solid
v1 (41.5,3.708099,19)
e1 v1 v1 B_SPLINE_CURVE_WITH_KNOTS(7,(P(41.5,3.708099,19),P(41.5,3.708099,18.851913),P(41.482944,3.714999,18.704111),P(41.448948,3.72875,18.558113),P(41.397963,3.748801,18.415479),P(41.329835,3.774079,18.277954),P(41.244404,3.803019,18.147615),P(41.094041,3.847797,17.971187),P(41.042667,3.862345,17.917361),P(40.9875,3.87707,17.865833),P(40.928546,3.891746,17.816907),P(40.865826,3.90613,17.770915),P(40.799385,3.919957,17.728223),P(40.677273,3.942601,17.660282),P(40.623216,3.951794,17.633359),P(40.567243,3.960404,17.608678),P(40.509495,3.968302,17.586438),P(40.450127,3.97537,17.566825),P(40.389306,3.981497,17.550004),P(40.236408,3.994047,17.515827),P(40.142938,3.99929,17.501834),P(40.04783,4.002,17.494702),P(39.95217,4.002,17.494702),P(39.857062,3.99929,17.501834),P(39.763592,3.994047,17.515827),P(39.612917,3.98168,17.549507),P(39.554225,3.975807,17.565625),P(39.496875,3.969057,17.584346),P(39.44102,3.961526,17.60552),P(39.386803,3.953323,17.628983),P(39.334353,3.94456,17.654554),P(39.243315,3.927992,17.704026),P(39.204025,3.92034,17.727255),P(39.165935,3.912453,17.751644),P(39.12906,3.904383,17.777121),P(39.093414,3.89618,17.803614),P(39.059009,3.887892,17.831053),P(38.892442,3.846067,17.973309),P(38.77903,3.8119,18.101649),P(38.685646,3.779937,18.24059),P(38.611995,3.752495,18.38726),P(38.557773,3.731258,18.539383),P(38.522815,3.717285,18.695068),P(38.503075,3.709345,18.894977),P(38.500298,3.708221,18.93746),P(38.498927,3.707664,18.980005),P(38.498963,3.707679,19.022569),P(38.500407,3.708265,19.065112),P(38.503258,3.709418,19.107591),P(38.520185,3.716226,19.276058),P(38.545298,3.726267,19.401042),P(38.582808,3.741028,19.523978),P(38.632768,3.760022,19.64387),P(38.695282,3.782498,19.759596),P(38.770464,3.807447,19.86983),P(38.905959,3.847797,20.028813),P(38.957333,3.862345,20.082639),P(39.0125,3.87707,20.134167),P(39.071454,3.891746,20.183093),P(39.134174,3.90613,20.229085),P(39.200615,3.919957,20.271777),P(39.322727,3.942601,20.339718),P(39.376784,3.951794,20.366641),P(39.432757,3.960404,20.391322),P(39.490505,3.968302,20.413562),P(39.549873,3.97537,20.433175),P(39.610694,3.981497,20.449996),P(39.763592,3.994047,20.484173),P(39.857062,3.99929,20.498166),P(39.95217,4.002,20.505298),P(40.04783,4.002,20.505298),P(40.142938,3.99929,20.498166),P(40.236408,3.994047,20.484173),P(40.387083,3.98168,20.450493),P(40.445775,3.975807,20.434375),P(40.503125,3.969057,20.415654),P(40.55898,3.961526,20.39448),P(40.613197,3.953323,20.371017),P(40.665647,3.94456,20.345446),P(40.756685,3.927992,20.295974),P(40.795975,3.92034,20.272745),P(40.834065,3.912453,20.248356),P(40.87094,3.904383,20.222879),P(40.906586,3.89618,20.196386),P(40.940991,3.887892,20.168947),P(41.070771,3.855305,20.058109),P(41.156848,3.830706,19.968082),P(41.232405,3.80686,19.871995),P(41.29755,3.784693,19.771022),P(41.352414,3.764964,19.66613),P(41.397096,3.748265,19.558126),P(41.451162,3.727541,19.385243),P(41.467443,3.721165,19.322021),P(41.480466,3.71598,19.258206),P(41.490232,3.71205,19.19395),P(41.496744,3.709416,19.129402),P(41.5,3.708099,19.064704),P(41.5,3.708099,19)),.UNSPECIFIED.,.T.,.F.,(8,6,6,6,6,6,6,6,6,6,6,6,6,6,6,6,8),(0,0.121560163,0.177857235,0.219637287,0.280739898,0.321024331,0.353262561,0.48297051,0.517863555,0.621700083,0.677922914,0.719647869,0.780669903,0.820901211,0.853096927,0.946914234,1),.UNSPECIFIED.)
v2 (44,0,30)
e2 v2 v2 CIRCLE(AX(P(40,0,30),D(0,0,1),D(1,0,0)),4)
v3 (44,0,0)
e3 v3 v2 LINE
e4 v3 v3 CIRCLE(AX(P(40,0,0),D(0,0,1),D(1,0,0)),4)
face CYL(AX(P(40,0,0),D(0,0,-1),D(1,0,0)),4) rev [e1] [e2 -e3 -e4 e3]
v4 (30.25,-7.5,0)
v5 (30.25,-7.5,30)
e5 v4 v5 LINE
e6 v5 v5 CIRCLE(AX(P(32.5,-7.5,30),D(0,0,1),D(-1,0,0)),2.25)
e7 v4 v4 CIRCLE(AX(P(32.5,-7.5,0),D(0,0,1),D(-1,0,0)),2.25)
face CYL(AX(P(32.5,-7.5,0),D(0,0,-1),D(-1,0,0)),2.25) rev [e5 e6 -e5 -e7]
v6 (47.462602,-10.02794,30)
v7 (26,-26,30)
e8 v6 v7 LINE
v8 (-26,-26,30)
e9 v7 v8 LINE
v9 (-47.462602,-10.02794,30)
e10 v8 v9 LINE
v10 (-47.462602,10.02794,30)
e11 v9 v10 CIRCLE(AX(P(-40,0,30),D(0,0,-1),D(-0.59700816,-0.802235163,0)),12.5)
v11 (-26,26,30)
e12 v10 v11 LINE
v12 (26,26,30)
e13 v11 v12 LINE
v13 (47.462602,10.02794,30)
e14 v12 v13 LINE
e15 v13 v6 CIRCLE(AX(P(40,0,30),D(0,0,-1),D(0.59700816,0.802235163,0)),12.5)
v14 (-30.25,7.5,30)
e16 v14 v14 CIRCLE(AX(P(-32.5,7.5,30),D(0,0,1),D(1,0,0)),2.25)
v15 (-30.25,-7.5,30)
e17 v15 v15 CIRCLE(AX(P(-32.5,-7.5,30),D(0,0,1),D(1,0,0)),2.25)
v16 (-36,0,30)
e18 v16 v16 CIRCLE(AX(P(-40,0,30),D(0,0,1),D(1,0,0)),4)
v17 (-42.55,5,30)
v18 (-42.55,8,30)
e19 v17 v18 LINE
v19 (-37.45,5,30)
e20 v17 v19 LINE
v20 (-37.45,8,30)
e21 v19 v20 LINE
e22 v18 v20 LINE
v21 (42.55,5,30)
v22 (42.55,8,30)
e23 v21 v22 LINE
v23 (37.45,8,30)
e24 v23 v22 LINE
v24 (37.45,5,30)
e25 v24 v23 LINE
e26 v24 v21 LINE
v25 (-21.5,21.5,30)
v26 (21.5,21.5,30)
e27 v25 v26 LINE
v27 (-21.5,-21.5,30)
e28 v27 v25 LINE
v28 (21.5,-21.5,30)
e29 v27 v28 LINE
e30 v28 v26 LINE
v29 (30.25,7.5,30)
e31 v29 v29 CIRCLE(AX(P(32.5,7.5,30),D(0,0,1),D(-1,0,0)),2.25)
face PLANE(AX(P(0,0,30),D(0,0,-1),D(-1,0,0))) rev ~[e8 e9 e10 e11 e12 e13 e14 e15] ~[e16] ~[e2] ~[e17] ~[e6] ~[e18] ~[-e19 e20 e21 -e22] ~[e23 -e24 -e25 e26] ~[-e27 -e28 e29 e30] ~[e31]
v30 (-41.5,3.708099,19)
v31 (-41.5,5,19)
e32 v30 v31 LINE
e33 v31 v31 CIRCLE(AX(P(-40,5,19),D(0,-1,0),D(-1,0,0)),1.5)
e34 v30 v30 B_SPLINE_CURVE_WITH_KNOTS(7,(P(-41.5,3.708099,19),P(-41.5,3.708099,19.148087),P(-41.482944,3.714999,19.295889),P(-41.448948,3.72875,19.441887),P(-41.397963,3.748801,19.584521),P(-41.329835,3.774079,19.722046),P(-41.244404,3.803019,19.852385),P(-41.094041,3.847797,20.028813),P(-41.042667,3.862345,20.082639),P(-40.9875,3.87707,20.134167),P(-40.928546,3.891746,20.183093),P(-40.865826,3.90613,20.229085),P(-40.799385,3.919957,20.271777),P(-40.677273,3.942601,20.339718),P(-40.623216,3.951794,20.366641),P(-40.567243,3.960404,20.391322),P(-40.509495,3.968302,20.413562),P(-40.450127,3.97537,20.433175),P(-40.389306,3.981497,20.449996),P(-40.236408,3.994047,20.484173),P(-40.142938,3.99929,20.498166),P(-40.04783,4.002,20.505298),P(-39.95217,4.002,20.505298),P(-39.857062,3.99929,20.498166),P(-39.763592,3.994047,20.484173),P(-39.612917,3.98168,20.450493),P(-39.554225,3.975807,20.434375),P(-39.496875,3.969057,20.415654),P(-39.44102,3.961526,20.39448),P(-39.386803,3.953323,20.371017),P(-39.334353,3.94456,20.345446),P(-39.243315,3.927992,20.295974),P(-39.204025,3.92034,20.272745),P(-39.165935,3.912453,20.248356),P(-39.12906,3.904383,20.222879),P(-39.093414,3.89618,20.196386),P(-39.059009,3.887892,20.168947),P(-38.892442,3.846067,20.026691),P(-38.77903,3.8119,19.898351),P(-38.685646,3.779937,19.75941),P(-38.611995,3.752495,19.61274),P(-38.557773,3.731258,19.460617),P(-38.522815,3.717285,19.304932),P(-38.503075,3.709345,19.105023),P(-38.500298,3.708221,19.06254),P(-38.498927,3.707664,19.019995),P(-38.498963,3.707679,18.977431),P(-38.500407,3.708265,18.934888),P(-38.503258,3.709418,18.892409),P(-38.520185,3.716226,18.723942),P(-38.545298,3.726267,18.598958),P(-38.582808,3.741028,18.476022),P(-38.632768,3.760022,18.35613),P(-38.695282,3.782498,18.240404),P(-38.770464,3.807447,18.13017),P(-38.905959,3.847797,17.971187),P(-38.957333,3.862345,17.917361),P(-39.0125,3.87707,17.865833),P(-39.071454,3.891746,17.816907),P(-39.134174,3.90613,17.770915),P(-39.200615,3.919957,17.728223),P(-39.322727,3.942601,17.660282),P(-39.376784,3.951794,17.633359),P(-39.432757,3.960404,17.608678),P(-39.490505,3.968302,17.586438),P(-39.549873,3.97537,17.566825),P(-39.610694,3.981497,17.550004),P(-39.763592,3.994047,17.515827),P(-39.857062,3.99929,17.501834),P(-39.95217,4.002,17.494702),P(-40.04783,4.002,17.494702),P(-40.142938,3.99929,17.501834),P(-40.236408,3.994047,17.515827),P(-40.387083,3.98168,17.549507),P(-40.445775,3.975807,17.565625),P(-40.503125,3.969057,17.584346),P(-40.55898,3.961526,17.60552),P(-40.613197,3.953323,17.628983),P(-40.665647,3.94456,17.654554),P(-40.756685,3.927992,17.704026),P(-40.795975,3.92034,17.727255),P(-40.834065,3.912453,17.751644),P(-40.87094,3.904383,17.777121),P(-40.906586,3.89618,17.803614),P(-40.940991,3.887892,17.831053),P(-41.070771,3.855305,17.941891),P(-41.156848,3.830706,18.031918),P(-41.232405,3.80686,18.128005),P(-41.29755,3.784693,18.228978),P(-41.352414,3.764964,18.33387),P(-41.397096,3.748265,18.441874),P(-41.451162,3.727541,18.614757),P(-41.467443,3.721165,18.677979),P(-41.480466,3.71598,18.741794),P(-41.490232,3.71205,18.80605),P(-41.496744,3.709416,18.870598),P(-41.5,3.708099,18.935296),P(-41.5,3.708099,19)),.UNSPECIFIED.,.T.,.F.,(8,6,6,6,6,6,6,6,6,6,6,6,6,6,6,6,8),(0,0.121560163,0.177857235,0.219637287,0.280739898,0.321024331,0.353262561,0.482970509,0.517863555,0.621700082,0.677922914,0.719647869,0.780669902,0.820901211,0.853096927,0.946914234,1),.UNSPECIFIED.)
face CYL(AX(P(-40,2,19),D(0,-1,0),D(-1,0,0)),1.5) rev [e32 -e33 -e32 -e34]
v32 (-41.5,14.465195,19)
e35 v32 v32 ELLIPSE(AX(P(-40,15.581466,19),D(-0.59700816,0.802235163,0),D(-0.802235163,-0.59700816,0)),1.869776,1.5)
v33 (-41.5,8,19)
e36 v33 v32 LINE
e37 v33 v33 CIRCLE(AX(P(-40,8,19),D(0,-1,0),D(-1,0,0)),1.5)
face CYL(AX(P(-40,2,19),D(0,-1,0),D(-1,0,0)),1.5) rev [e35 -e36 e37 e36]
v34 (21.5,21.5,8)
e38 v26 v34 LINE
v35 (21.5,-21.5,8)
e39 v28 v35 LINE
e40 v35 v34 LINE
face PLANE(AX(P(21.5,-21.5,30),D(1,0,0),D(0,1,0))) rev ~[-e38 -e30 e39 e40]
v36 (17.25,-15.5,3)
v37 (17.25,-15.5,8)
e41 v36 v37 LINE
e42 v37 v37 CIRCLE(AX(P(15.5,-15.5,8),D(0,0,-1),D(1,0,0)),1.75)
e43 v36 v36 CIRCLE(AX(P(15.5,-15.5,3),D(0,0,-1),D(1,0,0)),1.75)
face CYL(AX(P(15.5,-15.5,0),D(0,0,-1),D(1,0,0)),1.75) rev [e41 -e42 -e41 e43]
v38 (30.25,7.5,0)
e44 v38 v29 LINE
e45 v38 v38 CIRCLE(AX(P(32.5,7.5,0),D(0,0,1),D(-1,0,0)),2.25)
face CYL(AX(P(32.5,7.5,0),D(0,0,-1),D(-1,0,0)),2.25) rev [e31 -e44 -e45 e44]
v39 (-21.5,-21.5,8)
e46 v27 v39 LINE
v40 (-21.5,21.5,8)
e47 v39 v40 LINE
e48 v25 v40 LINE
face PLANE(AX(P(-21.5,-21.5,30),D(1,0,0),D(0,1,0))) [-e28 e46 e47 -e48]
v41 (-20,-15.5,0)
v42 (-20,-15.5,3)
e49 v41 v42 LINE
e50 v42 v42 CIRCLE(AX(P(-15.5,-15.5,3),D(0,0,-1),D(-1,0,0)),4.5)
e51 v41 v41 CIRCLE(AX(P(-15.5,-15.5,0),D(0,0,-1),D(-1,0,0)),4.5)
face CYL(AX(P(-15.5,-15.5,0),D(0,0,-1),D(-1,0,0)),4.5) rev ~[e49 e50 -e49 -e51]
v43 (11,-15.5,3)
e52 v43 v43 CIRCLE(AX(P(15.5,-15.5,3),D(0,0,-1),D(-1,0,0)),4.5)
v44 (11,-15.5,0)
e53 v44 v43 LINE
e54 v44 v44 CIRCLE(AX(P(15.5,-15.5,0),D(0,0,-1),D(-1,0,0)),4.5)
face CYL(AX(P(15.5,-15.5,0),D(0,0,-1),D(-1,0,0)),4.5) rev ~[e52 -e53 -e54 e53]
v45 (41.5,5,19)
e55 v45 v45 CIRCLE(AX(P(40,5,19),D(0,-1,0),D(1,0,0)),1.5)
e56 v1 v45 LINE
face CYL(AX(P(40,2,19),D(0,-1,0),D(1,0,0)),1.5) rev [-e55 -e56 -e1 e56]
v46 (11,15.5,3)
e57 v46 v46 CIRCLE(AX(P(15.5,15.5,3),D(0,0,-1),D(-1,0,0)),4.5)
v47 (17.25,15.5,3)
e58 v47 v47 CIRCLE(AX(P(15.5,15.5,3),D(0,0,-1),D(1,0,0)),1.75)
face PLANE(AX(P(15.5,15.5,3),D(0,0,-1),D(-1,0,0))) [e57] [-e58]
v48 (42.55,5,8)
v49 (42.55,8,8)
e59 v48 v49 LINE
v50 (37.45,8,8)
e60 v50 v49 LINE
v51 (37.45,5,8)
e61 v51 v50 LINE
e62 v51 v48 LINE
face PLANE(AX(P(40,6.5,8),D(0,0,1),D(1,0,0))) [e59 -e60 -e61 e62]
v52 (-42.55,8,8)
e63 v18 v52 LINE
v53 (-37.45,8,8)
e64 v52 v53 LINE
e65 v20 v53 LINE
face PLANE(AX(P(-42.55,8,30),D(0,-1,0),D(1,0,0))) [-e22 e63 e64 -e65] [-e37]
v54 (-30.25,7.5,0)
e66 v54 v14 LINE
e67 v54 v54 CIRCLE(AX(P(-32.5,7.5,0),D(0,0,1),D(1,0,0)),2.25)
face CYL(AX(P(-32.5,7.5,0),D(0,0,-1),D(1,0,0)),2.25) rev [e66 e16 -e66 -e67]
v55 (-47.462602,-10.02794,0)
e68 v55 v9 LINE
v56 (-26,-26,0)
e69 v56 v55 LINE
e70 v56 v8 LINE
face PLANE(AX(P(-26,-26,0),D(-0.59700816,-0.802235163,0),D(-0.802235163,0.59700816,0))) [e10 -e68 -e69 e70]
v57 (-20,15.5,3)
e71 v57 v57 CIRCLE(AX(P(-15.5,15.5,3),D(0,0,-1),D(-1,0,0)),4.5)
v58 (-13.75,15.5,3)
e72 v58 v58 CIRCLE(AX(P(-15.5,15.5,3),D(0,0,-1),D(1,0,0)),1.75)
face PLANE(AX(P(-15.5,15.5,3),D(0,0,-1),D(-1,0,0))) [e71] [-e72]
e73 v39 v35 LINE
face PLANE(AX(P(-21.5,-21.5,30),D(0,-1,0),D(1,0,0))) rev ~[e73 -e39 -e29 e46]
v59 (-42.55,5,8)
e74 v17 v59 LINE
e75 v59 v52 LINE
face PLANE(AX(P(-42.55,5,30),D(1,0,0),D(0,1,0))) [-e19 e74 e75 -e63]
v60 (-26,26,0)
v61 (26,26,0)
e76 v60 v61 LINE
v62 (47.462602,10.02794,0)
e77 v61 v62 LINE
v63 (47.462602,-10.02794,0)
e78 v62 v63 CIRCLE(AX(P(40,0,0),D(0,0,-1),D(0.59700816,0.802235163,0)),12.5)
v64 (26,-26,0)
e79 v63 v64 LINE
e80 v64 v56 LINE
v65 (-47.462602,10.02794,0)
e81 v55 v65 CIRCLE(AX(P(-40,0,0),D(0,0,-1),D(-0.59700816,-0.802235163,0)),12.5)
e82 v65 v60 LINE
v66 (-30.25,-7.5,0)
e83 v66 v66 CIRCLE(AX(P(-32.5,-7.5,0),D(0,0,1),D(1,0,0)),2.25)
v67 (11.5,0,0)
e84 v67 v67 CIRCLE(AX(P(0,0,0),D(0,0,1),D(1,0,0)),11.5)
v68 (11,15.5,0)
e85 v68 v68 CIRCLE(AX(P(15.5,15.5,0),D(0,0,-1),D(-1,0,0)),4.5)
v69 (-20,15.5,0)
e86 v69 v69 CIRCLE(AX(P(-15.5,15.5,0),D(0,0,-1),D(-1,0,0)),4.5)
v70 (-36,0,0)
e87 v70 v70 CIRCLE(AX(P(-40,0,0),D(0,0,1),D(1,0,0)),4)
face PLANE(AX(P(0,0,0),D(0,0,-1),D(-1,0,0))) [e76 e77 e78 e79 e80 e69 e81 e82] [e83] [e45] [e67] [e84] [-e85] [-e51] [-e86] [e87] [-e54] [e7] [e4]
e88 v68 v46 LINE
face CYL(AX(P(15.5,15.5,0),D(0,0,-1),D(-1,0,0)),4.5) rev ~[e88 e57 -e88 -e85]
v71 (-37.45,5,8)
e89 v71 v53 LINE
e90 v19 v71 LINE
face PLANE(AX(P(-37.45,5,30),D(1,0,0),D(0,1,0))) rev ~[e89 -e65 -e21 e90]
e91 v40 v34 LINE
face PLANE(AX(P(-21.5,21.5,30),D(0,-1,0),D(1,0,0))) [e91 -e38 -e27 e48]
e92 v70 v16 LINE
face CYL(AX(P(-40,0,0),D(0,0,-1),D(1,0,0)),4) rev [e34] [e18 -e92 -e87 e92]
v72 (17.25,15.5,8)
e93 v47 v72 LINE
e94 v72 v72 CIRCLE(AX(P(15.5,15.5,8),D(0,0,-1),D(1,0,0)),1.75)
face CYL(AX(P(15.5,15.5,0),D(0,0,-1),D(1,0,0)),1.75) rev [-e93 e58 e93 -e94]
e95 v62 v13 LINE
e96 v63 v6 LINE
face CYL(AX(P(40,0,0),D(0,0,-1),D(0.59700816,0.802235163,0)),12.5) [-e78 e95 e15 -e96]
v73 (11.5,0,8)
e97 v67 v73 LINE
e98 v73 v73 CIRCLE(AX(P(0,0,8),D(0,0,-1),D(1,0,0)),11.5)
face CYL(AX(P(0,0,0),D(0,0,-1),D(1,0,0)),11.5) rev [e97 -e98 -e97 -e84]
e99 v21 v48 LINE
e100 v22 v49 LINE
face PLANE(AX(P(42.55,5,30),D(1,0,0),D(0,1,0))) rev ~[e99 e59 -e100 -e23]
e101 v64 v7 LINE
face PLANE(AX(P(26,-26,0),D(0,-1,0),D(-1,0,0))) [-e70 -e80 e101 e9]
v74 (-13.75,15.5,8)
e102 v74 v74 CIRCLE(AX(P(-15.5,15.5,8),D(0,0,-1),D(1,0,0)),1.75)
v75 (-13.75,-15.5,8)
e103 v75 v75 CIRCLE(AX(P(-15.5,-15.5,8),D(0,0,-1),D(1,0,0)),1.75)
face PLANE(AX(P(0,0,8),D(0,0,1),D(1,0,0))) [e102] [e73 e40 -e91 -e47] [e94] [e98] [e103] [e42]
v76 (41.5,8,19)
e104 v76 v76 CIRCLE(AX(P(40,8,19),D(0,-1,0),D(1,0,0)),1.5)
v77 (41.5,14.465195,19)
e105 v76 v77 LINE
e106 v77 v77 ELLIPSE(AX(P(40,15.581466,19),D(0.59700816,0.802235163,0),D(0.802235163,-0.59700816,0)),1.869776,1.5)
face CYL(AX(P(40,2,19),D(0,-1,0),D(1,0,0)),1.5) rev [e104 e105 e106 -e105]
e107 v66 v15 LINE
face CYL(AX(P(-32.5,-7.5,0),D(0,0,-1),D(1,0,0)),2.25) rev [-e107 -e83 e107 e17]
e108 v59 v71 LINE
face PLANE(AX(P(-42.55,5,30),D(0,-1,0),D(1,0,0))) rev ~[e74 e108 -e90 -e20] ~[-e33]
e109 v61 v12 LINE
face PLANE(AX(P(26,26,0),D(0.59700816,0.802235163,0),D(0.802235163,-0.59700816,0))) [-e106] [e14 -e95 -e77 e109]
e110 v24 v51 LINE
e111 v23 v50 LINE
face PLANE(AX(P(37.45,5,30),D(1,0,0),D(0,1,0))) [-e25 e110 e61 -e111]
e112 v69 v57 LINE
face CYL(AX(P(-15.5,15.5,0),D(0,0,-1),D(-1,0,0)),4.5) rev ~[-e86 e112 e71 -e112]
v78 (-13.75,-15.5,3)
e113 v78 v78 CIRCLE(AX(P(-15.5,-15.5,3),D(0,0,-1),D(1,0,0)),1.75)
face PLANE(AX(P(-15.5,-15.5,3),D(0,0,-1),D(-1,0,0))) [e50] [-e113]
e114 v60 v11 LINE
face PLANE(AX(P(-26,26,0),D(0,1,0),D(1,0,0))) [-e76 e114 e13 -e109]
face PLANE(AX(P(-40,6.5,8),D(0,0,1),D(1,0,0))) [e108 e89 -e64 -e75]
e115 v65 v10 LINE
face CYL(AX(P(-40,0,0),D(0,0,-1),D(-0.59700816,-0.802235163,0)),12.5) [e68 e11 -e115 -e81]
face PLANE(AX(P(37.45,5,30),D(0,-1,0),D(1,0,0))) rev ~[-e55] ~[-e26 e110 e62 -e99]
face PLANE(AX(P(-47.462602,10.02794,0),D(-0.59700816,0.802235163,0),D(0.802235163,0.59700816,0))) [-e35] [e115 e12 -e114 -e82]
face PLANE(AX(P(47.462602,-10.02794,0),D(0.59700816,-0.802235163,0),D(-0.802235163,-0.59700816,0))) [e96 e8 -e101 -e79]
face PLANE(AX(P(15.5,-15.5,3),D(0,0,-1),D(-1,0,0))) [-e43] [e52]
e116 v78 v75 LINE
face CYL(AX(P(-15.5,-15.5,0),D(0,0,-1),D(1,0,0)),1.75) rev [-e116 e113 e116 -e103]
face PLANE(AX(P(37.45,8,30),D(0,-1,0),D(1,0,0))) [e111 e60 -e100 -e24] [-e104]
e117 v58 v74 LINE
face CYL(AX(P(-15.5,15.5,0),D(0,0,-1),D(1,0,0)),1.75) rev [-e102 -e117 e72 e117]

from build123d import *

# Parameters (mm, degrees)
ESBO_O1_R                  = 1.75
ESBO_O1_R_2                = 11.5
ESBO_O1_R_3                = 4
ESBO_O1_R_4                = 2.25
RESSALTO_EXTRUS_O1_DEPTH   = 30
ESBO_O2_W                  = 43
ESBO_O2_H                  = 43
ESBO_O2_W_2                = 5.1
ESBO_O2_H_2                = 3
CORTE_EXTRUS_O1_DEPTH      = 22
ESBO_O3_R                  = 4.5
CORTE_EXTRUS_O2_DEPTH      = 3
CORTE_EXTRUS_O3_DEPTH      = 68.950349521
CORTE_EXTRUS_O3_DEPTH_BACK = 3
ESBO_O4_R                  = 1.5


with BuildPart() as part:
    # Esboço1 → Ressalto-extrusão1 (new body)
    with BuildSketch(Plane.XY):
        with BuildLine():
            Line((-26, 26), (26, 26))
            Line((26, 26), (47.462602, 10.027939539))
            ThreePointArc((47.462602, 10.027939539), (52.5, 0), (47.462602, -10.027939539))
            Line((47.462602, -10.027939539), (26, -26))
            Line((26, -26), (-26, -26))
            Line((-26, -26), (-47.462602, -10.027939539))
            ThreePointArc((-47.462602, -10.027939539), (-52.5, 0), (-47.462602, 10.027939539))
            Line((-47.462602, 10.027939539), (-26, 26))
        make_face()
        with Locations((-15.5, 15.5)):
            Circle(ESBO_O1_R, mode=Mode.SUBTRACT)
        with Locations((15.5, 15.5)):
            Circle(ESBO_O1_R, mode=Mode.SUBTRACT)
        with Locations((15.5, -15.5)):
            Circle(ESBO_O1_R, mode=Mode.SUBTRACT)
        with Locations((-15.5, -15.5)):
            Circle(ESBO_O1_R, mode=Mode.SUBTRACT)
        Circle(ESBO_O1_R_2, mode=Mode.SUBTRACT)
        with Locations((-40, 0)):
            Circle(ESBO_O1_R_3, mode=Mode.SUBTRACT)
        with Locations((40, 0)):
            Circle(ESBO_O1_R_3, mode=Mode.SUBTRACT)
        with Locations((-32.5, 7.5)):
            Circle(ESBO_O1_R_4, mode=Mode.SUBTRACT)
        with Locations((-32.5, -7.5)):
            Circle(ESBO_O1_R_4, mode=Mode.SUBTRACT)
        with Locations(Location((32.5, -7.5, 0), (0, 0, 180))):
            Circle(ESBO_O1_R_4, mode=Mode.SUBTRACT)
        with Locations(Location((32.5, 7.5, 0), (0, 0, 180))):
            Circle(ESBO_O1_R_4, mode=Mode.SUBTRACT)
    extrude(amount=RESSALTO_EXTRUS_O1_DEPTH)

    # Esboço2 → Corte-extrusão1 (cut)
    with BuildSketch(Plane.XY.offset(30)):
        Rectangle(ESBO_O2_W, ESBO_O2_H)
        with Locations((-40, 6.5)):
            Rectangle(ESBO_O2_W_2, ESBO_O2_H_2)
        with Locations((40, 6.5)):
            Rectangle(ESBO_O2_W_2, ESBO_O2_H_2)
    extrude(amount=-CORTE_EXTRUS_O1_DEPTH, mode=Mode.SUBTRACT)

    # Esboço3 → Corte-extrusão2 (cut)
    with BuildSketch(Plane(origin=(0, 0, 0), x_dir=(-1, 0, 0), z_dir=(0, 0, -1))):
        with Locations((-15.5, 15.5)):
            Circle(ESBO_O3_R)
        with Locations((15.5, 15.5)):
            Circle(ESBO_O3_R)
        with Locations((-15.5, -15.5)):
            Circle(ESBO_O3_R)
        with Locations((15.5, -15.5)):
            Circle(ESBO_O3_R)
    extrude(amount=-CORTE_EXTRUS_O2_DEPTH, mode=Mode.SUBTRACT)

    # Esboço4 → Corte-extrusão3 (cut, two sides: drawn at the far end of the back side and taken through both)
    with BuildSketch(Plane(origin=(0, 5, 0), x_dir=(1, 0, 0), z_dir=(0, 1, 0)).offset(-CORTE_EXTRUS_O3_DEPTH_BACK)):
        with Locations(Location((-40, -19, 0), (0, 0, 180))):
            Circle(ESBO_O4_R)
        with Locations((40, -19)):
            Circle(ESBO_O4_R)
    extrude(amount=CORTE_EXTRUS_O3_DEPTH + CORTE_EXTRUS_O3_DEPTH_BACK, mode=Mode.SUBTRACT)


solid = part.part
